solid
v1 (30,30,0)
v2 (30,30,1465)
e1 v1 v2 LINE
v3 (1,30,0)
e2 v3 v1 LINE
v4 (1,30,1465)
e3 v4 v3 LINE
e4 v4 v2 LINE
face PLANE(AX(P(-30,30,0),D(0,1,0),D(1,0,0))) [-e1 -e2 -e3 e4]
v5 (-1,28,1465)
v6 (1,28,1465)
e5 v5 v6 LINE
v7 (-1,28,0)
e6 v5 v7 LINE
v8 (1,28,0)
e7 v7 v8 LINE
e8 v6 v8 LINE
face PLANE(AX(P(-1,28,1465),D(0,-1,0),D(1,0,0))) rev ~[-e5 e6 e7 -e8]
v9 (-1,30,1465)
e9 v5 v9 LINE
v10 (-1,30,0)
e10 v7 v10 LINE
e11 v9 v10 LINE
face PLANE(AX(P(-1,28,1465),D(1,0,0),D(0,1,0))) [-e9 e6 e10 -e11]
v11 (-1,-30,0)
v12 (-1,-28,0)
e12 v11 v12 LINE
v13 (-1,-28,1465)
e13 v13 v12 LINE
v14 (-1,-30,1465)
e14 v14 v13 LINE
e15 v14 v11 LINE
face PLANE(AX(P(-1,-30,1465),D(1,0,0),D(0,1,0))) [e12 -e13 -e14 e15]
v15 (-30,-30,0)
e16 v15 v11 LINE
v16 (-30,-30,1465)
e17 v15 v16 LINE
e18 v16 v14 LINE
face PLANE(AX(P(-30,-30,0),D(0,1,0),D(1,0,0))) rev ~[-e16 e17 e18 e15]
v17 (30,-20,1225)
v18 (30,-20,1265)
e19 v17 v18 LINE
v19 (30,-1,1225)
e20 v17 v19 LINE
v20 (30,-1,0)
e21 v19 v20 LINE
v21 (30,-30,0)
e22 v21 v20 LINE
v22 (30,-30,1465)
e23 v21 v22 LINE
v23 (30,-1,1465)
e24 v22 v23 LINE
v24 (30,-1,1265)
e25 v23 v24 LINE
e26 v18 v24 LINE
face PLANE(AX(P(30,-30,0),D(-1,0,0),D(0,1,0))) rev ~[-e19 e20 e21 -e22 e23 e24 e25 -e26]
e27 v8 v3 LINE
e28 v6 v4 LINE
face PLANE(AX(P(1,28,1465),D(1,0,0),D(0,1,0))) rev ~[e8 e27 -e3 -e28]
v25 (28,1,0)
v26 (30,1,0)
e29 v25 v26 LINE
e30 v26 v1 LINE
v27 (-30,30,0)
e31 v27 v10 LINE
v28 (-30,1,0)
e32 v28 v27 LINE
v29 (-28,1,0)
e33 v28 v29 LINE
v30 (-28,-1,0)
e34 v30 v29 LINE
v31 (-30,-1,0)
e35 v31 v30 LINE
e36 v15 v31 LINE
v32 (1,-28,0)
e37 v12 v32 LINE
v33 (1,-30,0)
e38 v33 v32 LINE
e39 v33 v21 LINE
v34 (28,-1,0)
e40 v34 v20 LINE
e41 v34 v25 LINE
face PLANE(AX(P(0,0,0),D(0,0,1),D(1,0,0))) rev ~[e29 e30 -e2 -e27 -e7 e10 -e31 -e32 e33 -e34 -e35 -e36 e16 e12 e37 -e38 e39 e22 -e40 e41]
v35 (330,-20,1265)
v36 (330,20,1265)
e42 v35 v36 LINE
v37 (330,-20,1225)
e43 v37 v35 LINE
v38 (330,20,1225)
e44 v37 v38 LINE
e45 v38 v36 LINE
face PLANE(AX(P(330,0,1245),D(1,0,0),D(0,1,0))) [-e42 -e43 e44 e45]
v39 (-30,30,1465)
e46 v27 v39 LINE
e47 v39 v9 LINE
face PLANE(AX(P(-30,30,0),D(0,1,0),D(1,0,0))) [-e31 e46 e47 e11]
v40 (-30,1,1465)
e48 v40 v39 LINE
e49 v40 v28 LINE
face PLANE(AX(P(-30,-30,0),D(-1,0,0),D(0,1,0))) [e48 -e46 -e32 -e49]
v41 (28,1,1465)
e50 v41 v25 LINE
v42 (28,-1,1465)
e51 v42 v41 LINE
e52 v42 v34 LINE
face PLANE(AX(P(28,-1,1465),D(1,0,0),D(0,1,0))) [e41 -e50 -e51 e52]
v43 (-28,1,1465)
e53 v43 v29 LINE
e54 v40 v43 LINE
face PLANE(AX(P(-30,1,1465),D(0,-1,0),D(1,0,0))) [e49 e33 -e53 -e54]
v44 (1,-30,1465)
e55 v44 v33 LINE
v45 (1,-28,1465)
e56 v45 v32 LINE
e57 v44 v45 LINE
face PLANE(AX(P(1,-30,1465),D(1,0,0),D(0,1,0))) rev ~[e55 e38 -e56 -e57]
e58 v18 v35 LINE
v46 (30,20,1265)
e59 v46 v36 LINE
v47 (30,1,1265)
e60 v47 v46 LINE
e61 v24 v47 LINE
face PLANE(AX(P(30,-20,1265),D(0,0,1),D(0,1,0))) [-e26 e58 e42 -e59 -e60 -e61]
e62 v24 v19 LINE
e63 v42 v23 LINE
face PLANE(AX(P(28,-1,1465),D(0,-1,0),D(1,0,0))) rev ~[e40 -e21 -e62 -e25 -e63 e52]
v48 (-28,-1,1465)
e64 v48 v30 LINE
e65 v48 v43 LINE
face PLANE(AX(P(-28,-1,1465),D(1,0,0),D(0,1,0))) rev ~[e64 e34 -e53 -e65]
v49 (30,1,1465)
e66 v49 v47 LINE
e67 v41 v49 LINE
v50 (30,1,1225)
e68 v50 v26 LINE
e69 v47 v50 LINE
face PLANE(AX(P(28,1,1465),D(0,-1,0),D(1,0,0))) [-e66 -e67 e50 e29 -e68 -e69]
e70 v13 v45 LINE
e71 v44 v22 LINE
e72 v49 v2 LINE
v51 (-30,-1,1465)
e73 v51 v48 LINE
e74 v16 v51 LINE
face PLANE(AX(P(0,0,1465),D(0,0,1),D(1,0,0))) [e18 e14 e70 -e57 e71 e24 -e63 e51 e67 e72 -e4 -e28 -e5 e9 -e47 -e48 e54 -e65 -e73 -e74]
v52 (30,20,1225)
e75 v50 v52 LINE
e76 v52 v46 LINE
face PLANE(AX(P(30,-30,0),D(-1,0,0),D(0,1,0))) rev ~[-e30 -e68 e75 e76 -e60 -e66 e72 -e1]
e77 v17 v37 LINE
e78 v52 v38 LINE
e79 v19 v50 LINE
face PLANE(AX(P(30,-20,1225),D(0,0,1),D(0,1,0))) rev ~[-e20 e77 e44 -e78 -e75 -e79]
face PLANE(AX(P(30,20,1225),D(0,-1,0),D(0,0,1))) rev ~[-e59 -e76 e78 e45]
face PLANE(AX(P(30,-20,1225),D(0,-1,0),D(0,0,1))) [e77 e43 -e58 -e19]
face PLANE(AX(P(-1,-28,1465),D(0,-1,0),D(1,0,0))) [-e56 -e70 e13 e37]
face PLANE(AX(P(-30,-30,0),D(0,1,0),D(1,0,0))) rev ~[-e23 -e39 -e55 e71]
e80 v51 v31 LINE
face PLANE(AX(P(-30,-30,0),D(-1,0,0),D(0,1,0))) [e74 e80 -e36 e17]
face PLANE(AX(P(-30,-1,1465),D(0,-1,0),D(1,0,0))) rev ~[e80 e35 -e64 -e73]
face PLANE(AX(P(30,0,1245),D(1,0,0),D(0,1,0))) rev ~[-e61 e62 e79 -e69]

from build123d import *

# Parameters (mm, degrees)
F0_W     = 60
F0_H     = 60
F1_DEPTH = 1465
F2_W     = 2
F2_H     = 2
F3_DEPTH = 1465
F4_W     = 40
F4_H     = 40
F5_DEPTH = 300


with BuildPart() as f1:
    # F0 (on Top) → F1 (new body)
    with BuildSketch(Plane.XY):
        Rectangle(F0_W, F0_H)
    extrude(amount=F1_DEPTH)

    # F2 (on face) → F3 (cut, through all)
    with BuildSketch(Plane.XY.offset(1465)):
        with Locations((0, 29)):
            Rectangle(F2_W, F2_H)
        with Locations((-29, 0)):
            Rectangle(F2_W, F2_H)
        with Locations((0, -29)):
            Rectangle(F2_W, F2_H)
        with Locations((29, 0)):
            Rectangle(F2_W, F2_H)
    extrude(amount=-F3_DEPTH, mode=Mode.SUBTRACT)

    # F4 (on face) → F5 (join)
    with BuildSketch(Plane.YZ.offset(30)):
        with Locations((0, 1245)):
            Rectangle(F4_W, F4_H)
    extrude(amount=F5_DEPTH)


solid = f1.part
